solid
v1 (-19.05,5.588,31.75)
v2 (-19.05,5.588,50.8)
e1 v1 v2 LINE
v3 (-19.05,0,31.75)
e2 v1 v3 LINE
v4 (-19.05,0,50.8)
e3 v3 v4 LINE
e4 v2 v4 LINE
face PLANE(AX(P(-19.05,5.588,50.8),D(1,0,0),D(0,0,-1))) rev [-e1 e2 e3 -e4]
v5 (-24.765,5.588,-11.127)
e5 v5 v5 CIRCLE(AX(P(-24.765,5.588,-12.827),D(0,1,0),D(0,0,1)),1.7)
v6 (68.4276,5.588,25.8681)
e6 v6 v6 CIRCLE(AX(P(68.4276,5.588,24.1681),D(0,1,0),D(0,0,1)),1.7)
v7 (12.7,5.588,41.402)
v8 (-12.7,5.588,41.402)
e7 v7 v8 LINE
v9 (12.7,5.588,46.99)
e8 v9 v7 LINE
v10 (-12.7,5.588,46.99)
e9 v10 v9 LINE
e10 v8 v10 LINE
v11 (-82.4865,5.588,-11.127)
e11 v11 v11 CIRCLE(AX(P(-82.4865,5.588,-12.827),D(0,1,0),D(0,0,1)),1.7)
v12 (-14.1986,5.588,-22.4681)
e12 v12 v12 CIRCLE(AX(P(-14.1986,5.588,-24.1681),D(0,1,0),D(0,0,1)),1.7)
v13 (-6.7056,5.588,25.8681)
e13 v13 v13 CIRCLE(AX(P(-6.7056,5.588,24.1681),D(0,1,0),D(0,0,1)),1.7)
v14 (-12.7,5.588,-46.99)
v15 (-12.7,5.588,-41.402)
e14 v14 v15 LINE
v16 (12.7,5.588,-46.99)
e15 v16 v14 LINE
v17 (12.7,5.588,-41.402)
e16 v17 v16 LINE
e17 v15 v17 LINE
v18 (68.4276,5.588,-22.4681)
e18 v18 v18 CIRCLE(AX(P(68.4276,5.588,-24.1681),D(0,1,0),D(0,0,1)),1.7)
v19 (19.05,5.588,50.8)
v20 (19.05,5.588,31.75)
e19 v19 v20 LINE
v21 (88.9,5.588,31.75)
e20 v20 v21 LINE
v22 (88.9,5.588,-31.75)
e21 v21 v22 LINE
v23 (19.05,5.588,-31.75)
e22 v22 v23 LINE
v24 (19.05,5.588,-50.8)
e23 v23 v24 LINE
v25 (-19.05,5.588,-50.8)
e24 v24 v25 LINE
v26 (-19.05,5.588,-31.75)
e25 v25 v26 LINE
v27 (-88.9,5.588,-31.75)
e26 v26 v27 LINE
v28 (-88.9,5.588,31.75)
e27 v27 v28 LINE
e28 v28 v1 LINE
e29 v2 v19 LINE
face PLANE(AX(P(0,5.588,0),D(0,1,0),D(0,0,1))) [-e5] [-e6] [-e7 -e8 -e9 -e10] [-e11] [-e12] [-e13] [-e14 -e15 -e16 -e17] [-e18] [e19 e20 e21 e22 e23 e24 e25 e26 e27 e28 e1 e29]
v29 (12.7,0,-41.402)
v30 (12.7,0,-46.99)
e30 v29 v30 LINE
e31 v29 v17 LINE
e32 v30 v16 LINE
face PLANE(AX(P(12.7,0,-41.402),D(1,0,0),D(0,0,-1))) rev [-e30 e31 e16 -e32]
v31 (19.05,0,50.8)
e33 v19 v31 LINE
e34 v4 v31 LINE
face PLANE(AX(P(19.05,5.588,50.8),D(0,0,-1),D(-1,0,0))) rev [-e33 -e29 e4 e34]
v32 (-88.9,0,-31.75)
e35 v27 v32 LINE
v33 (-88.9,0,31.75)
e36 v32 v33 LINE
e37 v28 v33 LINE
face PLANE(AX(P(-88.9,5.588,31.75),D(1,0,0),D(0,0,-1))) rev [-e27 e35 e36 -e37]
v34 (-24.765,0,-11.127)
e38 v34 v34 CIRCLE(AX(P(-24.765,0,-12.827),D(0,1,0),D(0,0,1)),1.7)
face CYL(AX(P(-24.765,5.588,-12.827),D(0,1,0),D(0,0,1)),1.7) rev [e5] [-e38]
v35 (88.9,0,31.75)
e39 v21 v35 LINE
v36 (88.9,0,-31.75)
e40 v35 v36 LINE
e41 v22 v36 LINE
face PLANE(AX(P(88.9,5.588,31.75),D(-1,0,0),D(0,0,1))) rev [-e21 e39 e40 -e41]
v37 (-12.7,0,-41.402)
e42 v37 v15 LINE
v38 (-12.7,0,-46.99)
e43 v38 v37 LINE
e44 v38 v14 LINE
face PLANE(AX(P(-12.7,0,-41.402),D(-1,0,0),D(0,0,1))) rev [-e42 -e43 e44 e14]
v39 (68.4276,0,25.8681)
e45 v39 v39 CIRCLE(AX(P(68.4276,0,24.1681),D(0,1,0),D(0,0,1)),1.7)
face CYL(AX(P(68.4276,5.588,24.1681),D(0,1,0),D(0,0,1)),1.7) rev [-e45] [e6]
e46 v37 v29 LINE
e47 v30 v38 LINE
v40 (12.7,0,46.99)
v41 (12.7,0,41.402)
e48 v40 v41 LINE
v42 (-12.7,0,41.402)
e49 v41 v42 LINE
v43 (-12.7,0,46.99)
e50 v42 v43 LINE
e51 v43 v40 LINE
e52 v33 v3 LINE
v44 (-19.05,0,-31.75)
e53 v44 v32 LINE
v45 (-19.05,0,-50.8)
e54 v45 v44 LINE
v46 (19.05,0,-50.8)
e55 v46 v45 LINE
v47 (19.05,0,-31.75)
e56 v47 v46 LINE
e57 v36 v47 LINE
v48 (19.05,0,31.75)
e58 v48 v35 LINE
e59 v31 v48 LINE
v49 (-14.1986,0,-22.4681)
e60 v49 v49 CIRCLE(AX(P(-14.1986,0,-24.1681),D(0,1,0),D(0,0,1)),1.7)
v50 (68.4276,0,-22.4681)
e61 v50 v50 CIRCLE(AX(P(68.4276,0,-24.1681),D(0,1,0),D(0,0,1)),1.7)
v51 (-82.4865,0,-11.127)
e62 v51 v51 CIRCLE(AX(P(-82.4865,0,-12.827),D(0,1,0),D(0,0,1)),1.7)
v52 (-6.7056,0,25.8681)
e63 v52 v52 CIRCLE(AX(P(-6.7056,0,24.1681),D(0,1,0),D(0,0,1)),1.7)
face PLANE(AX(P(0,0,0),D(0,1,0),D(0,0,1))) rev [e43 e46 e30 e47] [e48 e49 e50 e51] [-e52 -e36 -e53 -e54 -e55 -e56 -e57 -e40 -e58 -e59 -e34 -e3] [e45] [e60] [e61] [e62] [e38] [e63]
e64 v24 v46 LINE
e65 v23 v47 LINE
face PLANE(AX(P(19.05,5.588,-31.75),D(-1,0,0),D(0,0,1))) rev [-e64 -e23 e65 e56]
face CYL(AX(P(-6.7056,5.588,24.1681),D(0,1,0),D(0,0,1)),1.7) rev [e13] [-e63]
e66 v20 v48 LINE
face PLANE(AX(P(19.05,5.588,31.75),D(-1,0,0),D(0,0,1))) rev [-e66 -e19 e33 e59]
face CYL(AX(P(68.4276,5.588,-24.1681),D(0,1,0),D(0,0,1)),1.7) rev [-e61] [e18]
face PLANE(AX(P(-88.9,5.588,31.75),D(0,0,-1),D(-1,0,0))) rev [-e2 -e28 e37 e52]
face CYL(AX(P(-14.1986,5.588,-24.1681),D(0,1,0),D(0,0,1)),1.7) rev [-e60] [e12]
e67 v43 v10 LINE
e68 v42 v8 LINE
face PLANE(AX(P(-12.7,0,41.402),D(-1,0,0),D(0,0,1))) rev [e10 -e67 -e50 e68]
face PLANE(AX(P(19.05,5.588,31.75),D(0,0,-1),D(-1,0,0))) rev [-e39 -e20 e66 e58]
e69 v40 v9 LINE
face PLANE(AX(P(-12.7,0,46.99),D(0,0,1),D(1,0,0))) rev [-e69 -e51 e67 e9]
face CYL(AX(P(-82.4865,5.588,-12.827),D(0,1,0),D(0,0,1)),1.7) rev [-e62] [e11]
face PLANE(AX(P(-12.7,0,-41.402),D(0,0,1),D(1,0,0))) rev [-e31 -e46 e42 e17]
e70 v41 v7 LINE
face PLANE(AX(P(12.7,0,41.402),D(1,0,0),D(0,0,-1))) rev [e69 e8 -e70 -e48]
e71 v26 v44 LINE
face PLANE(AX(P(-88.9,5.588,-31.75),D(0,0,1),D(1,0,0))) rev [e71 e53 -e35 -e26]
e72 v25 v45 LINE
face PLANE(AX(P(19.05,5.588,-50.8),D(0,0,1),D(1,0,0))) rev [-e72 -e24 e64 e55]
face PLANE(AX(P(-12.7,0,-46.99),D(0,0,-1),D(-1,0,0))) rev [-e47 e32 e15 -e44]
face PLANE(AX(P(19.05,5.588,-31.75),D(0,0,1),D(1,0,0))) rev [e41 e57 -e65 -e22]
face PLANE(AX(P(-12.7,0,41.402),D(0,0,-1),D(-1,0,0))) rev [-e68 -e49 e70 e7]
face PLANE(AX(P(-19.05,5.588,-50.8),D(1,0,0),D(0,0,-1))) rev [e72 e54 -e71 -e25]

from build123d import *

# Parameters (mm, degrees)
BOSS_EXTRUDE1_DEPTH  = 5.588
SKETCH2_W            = 25.4
SKETCH2_H            = 5.588
CUT_EXTRUDE1_DEPTH   = 103.543043372
M3_CLEARANCE_HOLE1_D = 3.4
M3_CLEARANCE_HOLE2_D = 3.4


with BuildPart() as part:
    # Sketch1 → Boss-Extrude1 (new body)
    with BuildSketch(Plane(origin=(0, 0, 0), x_dir=(1, 0, 0), z_dir=(0, 1, 0))):
        Polygon((19.05, 31.75), (19.05, 50.8), (-19.05, 50.8), (-19.05, 31.75), (-88.9, 31.75), (-88.9, -31.75), (-19.05, -31.75), (-19.05, -50.8), (19.05, -50.8), (19.05, -31.75), (88.9, -31.75), (88.9, 31.75), align=None)
    extrude(amount=BOSS_EXTRUDE1_DEPTH)

    # Sketch2 → Cut-Extrude1 (cut, through all)
    with BuildSketch(Plane(origin=(0, 5.588, 0), x_dir=(1, 0, 0), z_dir=(0, 1, 0))):
        with Locations((0, 44.196)):
            Rectangle(SKETCH2_W, SKETCH2_H)
        with Locations((0, -44.196)):
            Rectangle(SKETCH2_W, SKETCH2_H)
    extrude(amount=-CUT_EXTRUDE1_DEPTH, mode=Mode.SUBTRACT)

    # M3 Clearance Hole1 (through all)
    with Locations(Plane(origin=(0, 5.588, 0), x_dir=(1, 0, 0), z_dir=(0, 1, 0))):
        with Locations((-14.1986, 24.1681), (68.4276, 24.1681), (68.4276, -24.1681), (-6.7056, -24.1681)):
            Hole(M3_CLEARANCE_HOLE1_D / 2)

    # M3 Clearance Hole2 (through all)
    with Locations(Plane(origin=(0, 5.588, 0), x_dir=(1, 0, 0), z_dir=(0, 1, 0))):
        with Locations((-24.765, 12.827), (-82.4865, 12.827)):
            Hole(M3_CLEARANCE_HOLE2_D / 2)


solid = part.part
